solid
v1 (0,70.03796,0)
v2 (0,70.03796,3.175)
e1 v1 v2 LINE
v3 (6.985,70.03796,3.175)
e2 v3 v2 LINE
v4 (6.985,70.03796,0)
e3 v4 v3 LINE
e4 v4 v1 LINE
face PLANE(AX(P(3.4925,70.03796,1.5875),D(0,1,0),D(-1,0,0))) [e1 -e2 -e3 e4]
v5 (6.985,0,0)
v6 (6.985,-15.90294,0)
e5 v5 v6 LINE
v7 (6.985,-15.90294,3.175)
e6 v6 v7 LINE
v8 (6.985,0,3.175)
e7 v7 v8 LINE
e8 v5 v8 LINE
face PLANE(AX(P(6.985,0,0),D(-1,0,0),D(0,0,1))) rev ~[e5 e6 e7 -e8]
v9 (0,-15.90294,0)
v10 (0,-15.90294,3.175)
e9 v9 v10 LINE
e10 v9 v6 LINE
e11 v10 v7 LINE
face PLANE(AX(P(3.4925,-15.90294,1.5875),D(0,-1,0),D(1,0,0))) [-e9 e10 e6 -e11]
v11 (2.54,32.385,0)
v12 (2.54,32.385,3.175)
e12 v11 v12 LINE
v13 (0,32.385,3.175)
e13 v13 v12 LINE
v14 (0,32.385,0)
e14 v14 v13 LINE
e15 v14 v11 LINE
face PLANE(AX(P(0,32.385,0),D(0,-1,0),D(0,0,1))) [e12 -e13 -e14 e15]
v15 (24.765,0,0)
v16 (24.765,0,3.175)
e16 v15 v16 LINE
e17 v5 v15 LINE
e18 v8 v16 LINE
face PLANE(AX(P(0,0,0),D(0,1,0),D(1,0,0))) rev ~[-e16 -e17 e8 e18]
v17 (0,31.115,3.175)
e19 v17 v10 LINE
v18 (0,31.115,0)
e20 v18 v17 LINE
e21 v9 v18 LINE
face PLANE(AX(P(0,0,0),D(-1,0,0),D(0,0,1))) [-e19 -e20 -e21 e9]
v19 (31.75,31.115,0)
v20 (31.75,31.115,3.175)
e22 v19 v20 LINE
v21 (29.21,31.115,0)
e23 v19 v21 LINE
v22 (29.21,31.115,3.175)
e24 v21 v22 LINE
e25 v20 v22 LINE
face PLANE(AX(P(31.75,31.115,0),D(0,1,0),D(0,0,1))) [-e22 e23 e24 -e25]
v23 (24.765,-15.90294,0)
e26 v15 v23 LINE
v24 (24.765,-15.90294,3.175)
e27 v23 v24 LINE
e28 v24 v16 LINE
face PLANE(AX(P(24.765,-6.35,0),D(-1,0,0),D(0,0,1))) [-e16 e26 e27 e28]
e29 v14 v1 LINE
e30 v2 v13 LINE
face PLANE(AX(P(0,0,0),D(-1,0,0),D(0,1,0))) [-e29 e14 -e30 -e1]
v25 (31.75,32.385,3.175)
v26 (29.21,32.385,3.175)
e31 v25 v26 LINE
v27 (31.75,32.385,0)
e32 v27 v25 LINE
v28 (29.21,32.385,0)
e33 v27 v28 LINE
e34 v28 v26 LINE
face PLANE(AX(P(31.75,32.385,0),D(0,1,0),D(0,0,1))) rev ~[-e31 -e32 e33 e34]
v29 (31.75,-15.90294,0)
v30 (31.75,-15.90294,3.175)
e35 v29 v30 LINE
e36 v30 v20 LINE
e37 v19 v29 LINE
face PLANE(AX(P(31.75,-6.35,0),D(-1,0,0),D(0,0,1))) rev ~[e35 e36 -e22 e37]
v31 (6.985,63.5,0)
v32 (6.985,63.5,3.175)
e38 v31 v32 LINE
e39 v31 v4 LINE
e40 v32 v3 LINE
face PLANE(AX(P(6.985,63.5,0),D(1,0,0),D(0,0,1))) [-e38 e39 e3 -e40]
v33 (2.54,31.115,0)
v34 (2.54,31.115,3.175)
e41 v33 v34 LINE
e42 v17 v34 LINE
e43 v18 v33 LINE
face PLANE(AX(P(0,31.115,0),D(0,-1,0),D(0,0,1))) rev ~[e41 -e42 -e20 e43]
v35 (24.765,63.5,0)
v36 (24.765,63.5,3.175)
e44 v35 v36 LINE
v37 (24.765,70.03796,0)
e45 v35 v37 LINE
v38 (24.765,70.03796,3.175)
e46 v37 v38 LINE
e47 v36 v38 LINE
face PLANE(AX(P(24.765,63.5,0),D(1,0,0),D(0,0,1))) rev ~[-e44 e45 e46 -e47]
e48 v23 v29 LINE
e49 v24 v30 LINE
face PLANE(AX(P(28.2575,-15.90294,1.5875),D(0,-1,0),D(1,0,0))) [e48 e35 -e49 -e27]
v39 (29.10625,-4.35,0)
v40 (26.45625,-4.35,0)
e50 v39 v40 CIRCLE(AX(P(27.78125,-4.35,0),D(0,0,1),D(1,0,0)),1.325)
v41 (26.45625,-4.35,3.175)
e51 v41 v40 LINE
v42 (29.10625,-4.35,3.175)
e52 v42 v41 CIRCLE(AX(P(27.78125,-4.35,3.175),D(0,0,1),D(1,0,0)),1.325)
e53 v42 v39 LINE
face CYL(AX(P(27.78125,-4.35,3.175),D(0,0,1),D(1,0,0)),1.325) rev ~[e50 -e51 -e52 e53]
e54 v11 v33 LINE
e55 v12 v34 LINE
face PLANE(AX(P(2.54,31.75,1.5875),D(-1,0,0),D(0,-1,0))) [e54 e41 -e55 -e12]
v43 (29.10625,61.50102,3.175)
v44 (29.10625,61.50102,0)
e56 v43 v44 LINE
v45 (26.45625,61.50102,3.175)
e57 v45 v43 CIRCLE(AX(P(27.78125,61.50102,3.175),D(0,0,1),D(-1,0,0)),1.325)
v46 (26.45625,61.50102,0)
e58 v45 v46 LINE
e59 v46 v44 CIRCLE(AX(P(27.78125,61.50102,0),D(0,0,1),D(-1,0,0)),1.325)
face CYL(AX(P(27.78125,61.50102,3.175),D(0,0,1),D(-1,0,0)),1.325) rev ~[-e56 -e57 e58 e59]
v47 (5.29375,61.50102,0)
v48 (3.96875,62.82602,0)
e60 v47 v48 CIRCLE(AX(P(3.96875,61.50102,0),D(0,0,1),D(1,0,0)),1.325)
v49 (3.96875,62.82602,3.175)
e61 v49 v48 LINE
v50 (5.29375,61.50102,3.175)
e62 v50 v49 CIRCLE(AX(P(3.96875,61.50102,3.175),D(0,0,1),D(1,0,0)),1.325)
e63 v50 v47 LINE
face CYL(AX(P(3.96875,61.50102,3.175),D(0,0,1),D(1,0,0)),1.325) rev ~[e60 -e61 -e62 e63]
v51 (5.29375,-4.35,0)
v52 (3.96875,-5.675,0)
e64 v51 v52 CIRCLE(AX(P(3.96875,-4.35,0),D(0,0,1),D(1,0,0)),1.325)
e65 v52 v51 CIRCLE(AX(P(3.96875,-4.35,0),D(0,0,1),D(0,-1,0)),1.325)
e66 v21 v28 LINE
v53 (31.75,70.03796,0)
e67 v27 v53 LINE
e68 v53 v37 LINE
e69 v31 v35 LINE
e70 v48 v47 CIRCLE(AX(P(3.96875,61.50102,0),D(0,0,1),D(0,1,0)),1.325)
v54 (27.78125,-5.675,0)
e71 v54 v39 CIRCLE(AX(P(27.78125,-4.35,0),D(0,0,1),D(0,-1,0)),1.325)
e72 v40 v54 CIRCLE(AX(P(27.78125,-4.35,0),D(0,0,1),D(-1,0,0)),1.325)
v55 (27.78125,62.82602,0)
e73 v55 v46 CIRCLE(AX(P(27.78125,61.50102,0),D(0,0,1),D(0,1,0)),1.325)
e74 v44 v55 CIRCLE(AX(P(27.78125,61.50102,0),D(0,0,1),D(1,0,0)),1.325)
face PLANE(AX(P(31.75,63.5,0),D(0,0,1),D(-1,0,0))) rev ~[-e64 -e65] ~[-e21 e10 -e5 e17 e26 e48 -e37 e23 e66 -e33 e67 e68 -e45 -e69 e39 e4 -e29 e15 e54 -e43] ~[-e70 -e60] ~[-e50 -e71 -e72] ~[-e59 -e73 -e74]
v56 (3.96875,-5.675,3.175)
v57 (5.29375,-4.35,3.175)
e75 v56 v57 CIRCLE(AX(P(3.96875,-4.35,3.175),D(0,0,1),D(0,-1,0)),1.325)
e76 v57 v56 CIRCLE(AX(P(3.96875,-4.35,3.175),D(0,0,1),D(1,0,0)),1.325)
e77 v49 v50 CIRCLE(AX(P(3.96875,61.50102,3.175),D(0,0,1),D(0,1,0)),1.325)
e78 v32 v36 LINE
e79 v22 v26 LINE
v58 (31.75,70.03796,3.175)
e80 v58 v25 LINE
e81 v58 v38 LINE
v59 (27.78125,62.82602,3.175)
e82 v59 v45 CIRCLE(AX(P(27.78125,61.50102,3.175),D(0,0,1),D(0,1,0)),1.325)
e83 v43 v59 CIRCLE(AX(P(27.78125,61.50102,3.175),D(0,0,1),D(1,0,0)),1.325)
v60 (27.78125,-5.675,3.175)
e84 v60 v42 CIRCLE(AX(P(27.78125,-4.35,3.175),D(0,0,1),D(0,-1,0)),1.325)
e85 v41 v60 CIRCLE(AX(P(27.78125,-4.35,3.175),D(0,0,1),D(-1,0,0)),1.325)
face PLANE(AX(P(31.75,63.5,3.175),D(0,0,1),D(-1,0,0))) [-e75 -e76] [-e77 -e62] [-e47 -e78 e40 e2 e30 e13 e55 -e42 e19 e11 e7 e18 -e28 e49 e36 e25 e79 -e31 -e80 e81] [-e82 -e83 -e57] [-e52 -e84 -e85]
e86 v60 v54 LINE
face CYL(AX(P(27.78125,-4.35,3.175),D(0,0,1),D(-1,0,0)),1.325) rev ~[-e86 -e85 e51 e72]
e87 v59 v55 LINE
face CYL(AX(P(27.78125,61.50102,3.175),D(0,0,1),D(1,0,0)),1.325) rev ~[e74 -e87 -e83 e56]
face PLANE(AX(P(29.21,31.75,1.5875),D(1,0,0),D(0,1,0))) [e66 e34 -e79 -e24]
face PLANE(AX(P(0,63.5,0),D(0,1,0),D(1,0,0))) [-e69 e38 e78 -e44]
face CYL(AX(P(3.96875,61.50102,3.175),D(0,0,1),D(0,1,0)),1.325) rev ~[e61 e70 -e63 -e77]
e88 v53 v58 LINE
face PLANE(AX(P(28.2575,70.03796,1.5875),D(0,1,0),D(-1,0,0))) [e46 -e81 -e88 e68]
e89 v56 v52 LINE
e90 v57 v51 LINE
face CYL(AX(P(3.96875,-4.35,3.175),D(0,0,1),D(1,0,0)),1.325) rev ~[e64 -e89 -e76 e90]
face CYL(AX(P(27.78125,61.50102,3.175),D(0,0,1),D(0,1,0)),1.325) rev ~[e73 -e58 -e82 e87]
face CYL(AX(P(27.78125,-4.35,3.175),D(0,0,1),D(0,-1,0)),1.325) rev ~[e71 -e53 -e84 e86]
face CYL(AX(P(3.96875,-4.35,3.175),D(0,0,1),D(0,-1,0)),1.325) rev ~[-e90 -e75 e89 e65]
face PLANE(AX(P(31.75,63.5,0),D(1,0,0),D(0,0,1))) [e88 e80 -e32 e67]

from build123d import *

# Parameters (mm, degrees)
F0_W      = 31.75
F0_H      = 63.5
F1_DEPTH  = 3.175
F2_W      = 1.27
F2_H      = 3.175
F3_DEPTH  = 2.54
F4_W      = 1.27
F4_H      = 3.175
F5_DEPTH  = 2.54
F6_W      = 6.985
F6_H      = 3.175
F7_DEPTH  = 6.35
F9_DEPTH  = 25.4
F10_DEPTH = 25.4
F12_DEPTH = 9.55294
F11_W     = 6.985
F11_H     = 3.175
F13_DEPTH = 6.53796


with BuildPart() as f1:
    # F0 (on Top) → F1 (new body)
    with BuildSketch(Plane.XY):
        with Locations((15.875, 31.75)):
            Rectangle(F0_W, F0_H)
    extrude(amount=F1_DEPTH)

    # F2 (on face) → F3 (cut)
    with BuildSketch(Plane.YZ.offset(31.75)):
        with Locations((31.75, 1.5875)):
            Rectangle(F2_W, F2_H)
    extrude(amount=-F3_DEPTH, mode=Mode.SUBTRACT)

    # F4 (on face) → F5 (cut)
    with BuildSketch(Plane(origin=(0, 0, 0), x_dir=(0, -1, 0), z_dir=(-1, 0, 0))):
        with Locations((-31.75, 1.5875)):
            Rectangle(F4_W, F4_H)
    extrude(amount=-F5_DEPTH, mode=Mode.SUBTRACT)

    # F6 (on face) → F7 (join)
    with BuildSketch(Plane.XZ):
        with Locations((3.4925, 1.5875)):
            Rectangle(F6_W, F6_H)
        with Locations((28.2575, 1.5875)):
            Rectangle(F6_W, F6_H)
    extrude(amount=F7_DEPTH)

    # F8 (on face) → F9 (cut)
    with BuildSketch(Plane.XY.offset(3.175)):
        with BuildLine():
            ThreePointArc((5.29375, -4.35), (3.0318335149, -3.4130835149), (3.96875, -5.675))
            Line((3.96875, -5.675), (3.96875, -4.35))
            Line((3.96875, -4.35), (5.29375, -4.35))
        make_face()
        with BuildLine():
            Line((3.96875, -4.35), (3.96875, -5.675))
            ThreePointArc((3.96875, -5.675), (4.9056664851, -5.2869164851), (5.29375, -4.35))
            Line((5.29375, -4.35), (3.96875, -4.35))
        make_face()
        with BuildLine():
            ThreePointArc((29.10625, -4.35), (27.78125, -3.025), (26.45625, -4.35))
            Line((26.45625, -4.35), (27.78125, -4.35))
            Line((27.78125, -4.35), (27.78125, -5.675))
            ThreePointArc((27.78125, -5.675), (28.7181664851, -5.2869164851), (29.10625, -4.35))
        make_face()
        with BuildLine():
            Line((27.78125, -4.35), (26.45625, -4.35))
            ThreePointArc((26.45625, -4.35), (26.8443335149, -5.2869164851), (27.78125, -5.675))
            Line((27.78125, -5.675), (27.78125, -4.35))
        make_face()
    extrude(amount=-F9_DEPTH, mode=Mode.SUBTRACT)

    # F8 (on face) → F10 (cut)
    with BuildSketch(Plane.XY.offset(3.175)):
        with BuildLine():
            ThreePointArc((3.96875, 62.82602), (3.0318335149, 60.5641035149), (5.29375, 61.50102))
            ThreePointArc((5.29375, 61.50102), (4.9056664851, 62.4379364851), (3.96875, 62.82602))
        make_face()
        with BuildLine():
            ThreePointArc((27.78125, 62.82602), (26.8443335149, 62.4379364851), (26.45625, 61.50102))
            ThreePointArc((26.45625, 61.50102), (27.78125, 60.17602), (29.10625, 61.50102))
            ThreePointArc((29.10625, 61.50102), (28.7181664851, 62.4379364851), (27.78125, 62.82602))
        make_face()
    extrude(amount=-F10_DEPTH, mode=Mode.SUBTRACT)

    # F12 (add): faces of the model
    f12_faces = [f1.faces().sort_by_distance(p)[0] for p in [
        (28.2575, -6.35, 1.5875),
        (3.4925, -6.35, 1.5875),
    ]]
    extrude(f12_faces, amount=F12_DEPTH)

    # F11 (on face) → F13 (join)
    with BuildSketch(Plane(origin=(0, 63.5, 0), x_dir=(-1, 0, 0), z_dir=(0, 1, 0))):
        with Locations((-28.2575, 1.5875)):
            Rectangle(F11_W, F11_H)
        with Locations((-3.4925, 1.5875)):
            Rectangle(F11_W, F11_H)
    extrude(amount=F13_DEPTH)


solid = f1.part
